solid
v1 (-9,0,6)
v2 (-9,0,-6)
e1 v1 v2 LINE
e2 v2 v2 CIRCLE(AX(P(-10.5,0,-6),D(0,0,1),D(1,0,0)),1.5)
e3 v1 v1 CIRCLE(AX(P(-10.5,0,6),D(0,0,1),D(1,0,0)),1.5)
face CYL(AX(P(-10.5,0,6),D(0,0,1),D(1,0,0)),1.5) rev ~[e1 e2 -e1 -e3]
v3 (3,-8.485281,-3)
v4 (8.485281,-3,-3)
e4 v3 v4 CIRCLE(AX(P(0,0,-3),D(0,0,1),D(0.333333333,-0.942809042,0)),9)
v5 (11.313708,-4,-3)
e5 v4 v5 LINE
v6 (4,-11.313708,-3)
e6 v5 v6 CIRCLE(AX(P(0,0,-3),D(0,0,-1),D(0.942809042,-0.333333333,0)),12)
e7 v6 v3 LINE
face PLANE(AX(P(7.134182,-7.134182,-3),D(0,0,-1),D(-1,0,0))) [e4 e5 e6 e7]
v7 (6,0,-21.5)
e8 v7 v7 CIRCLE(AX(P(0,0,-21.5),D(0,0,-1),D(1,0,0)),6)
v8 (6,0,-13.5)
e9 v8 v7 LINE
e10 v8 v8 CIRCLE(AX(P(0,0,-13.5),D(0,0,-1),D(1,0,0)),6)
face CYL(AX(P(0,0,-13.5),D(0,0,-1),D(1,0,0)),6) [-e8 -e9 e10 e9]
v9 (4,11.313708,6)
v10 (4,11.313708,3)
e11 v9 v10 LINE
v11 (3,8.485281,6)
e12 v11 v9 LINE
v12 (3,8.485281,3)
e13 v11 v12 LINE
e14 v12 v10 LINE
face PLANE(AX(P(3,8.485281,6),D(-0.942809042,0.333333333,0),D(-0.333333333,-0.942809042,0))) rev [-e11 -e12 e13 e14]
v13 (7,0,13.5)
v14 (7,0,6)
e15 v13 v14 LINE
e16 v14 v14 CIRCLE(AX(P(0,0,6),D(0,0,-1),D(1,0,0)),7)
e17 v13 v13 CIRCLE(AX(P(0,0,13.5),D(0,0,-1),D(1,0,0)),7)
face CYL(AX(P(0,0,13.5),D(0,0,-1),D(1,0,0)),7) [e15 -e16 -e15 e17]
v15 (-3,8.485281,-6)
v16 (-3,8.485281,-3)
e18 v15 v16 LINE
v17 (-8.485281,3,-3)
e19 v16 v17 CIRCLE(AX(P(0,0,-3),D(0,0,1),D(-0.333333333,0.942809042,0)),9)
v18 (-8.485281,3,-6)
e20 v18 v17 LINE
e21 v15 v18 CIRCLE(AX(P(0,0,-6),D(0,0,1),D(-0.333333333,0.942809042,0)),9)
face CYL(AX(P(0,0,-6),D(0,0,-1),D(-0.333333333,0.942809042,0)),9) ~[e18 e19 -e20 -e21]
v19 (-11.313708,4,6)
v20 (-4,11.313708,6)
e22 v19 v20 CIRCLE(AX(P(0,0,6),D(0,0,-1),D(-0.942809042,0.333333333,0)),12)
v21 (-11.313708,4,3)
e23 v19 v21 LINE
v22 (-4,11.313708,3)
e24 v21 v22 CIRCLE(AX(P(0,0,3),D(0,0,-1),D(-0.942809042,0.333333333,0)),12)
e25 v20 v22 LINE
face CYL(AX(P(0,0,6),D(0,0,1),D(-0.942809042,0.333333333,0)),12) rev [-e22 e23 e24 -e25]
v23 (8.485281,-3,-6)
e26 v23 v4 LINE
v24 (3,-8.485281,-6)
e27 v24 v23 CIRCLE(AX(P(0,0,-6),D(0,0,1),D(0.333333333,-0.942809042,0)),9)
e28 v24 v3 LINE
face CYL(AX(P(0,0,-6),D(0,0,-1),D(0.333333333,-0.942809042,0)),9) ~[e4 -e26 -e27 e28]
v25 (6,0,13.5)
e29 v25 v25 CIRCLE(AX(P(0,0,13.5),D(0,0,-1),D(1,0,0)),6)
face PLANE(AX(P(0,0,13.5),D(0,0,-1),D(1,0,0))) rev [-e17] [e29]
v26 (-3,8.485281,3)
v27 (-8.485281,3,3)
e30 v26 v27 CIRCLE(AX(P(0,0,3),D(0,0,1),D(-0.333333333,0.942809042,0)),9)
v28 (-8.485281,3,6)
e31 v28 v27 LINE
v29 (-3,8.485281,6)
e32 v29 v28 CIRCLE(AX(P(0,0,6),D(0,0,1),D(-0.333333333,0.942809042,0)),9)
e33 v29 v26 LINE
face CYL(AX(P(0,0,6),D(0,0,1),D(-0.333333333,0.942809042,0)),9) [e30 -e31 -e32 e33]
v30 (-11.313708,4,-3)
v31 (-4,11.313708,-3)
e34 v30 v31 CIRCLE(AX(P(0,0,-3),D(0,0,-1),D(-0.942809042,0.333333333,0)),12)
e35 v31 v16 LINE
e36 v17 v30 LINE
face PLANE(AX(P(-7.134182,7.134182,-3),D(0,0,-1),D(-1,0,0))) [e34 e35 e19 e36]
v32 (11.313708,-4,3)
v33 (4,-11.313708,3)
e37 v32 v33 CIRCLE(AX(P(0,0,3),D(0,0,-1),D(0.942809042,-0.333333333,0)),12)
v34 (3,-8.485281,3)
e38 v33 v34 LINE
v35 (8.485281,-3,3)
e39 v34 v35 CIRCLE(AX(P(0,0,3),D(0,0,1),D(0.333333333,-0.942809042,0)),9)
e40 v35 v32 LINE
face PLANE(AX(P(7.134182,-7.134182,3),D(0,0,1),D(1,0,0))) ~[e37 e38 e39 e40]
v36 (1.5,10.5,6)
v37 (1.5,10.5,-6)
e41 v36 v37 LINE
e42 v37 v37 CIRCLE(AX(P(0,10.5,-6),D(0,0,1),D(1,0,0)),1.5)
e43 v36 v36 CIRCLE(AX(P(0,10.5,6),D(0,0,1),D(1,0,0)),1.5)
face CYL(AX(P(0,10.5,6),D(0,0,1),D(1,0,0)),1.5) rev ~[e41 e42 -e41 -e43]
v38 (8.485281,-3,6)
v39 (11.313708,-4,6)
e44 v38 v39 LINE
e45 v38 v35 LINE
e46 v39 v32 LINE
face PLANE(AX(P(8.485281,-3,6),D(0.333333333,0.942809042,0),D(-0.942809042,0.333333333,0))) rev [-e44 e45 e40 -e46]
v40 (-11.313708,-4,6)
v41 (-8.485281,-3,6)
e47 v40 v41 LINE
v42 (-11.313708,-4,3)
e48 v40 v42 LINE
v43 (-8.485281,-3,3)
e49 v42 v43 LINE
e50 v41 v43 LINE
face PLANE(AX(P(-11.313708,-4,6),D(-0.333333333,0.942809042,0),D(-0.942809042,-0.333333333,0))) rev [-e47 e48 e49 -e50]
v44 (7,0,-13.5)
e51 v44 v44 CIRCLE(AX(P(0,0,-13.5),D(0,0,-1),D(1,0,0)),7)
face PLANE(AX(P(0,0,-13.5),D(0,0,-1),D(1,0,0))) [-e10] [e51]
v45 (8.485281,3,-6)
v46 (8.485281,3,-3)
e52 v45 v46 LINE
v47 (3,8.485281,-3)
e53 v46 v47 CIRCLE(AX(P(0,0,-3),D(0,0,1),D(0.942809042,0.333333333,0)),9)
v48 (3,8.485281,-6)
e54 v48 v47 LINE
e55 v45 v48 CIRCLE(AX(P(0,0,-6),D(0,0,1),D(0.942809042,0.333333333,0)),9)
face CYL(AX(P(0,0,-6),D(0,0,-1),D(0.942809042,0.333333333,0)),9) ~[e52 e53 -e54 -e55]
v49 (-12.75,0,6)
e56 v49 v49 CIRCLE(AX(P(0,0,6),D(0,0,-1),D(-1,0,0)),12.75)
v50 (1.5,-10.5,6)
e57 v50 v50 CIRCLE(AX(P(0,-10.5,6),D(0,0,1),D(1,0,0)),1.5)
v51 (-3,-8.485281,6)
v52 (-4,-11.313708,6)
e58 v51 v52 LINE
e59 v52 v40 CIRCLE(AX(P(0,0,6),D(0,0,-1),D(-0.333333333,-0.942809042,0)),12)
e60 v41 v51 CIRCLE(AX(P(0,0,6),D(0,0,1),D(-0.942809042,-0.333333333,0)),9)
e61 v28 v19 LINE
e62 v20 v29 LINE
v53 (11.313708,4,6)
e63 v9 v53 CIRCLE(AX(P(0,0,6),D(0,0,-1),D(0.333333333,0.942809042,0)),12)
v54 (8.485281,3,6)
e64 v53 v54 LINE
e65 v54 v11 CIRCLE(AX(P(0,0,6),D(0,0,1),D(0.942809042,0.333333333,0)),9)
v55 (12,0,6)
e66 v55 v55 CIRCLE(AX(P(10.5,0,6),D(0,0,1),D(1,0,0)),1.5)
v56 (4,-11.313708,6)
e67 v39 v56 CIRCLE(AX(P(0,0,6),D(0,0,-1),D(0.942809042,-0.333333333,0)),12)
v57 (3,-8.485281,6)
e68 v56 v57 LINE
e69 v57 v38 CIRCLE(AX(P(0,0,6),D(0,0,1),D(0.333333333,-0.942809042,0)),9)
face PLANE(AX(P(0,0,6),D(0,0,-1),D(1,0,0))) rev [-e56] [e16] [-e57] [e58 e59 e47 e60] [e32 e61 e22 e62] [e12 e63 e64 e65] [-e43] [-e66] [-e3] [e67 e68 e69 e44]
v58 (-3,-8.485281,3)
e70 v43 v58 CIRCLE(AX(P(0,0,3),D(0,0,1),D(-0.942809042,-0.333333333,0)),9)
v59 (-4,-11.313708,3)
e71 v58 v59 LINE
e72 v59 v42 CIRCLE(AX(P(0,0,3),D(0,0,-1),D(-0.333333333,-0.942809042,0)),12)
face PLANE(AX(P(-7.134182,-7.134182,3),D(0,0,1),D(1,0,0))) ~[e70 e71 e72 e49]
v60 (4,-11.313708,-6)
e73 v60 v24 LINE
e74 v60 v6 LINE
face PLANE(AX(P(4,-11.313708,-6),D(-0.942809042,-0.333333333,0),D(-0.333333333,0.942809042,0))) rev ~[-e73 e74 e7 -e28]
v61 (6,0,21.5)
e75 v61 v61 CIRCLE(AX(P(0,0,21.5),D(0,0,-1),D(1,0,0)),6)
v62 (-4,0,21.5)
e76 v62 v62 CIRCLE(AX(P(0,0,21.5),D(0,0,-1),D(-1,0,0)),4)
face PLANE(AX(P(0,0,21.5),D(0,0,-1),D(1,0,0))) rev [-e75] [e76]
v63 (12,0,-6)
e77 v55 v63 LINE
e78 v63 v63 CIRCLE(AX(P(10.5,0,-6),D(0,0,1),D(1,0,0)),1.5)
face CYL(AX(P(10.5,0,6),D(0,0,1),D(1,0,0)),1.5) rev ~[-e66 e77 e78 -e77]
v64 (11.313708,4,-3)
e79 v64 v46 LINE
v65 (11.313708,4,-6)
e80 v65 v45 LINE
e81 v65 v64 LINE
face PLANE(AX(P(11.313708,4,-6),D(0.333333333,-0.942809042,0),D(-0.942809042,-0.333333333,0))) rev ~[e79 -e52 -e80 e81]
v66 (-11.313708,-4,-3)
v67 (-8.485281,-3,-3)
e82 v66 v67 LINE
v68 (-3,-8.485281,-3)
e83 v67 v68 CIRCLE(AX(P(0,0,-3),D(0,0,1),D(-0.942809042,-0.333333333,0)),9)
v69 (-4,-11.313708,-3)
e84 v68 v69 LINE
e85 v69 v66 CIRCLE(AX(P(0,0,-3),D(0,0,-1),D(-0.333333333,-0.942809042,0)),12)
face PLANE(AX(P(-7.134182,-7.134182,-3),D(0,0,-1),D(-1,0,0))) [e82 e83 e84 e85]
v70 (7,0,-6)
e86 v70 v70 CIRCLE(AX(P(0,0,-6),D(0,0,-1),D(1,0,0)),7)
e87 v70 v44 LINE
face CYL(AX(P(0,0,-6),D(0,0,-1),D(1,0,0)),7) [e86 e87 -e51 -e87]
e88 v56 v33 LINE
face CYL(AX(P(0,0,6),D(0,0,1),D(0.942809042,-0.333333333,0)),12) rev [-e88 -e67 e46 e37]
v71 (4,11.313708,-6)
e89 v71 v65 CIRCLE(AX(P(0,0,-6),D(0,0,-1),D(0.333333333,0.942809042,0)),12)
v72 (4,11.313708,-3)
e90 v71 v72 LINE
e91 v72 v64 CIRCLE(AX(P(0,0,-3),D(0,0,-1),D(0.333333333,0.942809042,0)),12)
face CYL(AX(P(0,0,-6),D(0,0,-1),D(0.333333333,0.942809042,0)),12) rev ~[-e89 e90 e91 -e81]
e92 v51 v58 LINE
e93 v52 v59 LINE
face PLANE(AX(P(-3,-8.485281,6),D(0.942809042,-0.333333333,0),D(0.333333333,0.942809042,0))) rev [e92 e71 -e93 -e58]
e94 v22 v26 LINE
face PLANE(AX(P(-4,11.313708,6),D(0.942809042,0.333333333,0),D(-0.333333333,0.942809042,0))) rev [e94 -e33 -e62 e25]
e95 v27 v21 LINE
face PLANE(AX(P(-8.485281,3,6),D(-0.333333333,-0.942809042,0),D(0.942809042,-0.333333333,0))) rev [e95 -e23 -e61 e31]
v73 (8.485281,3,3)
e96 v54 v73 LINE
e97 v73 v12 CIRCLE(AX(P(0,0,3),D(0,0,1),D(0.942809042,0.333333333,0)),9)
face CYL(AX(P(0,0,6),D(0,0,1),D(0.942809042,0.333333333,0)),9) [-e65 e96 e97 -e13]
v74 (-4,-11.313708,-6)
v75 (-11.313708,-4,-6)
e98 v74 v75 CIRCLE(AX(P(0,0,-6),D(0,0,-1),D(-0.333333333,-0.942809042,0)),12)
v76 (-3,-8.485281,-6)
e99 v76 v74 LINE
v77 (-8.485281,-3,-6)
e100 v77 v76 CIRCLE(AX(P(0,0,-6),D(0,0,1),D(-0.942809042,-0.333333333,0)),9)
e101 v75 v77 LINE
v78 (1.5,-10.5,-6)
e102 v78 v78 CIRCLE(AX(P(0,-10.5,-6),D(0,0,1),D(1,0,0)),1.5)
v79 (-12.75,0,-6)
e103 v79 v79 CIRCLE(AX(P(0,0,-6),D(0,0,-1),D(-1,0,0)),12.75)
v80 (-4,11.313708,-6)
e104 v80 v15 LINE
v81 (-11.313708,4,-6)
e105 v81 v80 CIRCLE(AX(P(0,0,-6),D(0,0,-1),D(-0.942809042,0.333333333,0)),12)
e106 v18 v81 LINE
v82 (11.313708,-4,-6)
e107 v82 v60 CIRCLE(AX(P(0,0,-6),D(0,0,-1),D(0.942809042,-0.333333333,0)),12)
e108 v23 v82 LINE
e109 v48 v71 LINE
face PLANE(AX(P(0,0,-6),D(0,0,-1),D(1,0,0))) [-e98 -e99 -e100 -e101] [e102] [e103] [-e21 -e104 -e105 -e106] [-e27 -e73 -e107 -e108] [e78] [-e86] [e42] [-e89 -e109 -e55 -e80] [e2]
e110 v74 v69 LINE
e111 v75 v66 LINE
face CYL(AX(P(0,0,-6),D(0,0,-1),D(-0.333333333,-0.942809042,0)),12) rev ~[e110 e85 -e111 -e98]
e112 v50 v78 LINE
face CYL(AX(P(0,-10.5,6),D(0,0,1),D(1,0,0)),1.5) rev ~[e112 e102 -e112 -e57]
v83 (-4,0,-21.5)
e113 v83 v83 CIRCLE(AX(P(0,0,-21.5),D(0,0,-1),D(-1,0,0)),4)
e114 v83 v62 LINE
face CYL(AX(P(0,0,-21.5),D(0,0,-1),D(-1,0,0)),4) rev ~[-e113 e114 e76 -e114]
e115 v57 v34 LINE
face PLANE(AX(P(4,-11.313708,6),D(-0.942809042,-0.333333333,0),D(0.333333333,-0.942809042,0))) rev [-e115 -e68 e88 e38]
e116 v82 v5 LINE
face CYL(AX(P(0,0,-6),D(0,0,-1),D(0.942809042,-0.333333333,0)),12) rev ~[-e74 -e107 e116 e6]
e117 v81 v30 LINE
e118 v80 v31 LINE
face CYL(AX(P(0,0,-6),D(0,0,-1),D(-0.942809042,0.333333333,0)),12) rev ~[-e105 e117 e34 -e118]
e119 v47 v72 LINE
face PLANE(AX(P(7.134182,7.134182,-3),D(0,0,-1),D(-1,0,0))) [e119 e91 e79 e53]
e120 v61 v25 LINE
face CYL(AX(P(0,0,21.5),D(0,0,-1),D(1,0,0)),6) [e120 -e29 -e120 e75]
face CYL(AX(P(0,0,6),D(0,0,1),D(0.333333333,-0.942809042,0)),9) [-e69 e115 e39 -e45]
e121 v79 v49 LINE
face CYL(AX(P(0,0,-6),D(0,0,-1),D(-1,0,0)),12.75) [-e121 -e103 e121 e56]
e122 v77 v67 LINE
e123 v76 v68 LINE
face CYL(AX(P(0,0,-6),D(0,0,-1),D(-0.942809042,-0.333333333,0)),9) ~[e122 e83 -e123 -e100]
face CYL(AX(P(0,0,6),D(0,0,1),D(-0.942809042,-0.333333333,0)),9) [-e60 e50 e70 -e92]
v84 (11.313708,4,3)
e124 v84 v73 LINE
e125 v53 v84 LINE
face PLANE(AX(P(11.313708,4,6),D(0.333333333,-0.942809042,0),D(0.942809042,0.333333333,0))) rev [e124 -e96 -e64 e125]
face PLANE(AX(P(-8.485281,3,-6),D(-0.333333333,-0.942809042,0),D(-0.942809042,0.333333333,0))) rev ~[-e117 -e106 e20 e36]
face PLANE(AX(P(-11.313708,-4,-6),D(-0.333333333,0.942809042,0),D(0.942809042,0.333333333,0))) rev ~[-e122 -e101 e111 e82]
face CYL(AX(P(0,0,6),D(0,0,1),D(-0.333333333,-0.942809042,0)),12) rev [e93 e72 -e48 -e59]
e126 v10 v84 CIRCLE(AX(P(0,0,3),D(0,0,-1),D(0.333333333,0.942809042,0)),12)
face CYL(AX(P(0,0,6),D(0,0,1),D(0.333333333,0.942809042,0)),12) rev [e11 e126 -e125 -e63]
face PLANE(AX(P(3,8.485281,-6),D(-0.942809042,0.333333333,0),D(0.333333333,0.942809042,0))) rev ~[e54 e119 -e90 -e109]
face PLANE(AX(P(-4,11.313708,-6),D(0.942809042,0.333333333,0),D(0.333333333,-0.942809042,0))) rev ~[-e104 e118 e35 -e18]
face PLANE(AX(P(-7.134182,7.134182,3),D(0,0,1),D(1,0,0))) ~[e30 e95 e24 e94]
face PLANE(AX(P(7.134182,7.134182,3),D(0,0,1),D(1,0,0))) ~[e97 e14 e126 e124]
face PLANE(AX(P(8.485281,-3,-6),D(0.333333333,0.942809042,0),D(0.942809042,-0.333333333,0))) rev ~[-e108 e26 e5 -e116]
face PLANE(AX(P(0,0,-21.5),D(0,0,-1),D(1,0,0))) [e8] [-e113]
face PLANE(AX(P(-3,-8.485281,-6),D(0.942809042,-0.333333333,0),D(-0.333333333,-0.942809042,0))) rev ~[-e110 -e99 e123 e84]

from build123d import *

# Parameters (mm, degrees)
SKETCH_2_R          = 1.5
CUT_EXTRUDE_1_DEPTH = 34.88583775
SKETCH_4_R          = 14
SKETCH_4_R_2        = 12.75
CUT_EXTRUDE_4_DEPTH = 34.88583775
CUT_EXTRUDE_5_DEPTH = 3
SKETCH_6_R          = 4
CUT_EXTRUDE_6_DEPTH = 47.627513337


with BuildPart() as part:
    # 草图1 → 旋转1 (revolve)
    with BuildSketch(Plane(origin=(0, 0, 0), x_dir=(0, 0, -1), z_dir=(1, 0, 0)), mode=Mode.PRIVATE) as revolve_1_sk:
        Polygon((-21.5, 0), (-21.5, 6), (-13.5, 6), (-13.5, 7), (-6, 7), (-6, 14), (6, 14), (6, 7), (13.5, 7), (13.5, 6), (21.5, 6), (21.5, 0), align=None)
    revolve(revolve_1_sk.sketch.rotate(Axis((0, 0, 21.5), (0, 0, -1)), 90), axis=Axis((0, 0, 21.5), (0, 0, -1)))

    # 草图2 → 切除-拉伸1 (cut, through all)
    with BuildSketch(Plane.XY.offset(6)):
        with Locations((0, 10.5)):
            Circle(SKETCH_2_R)
        with Locations((10.5, 0)):
            Circle(SKETCH_2_R)
        with Locations((0, -10.5)):
            Circle(SKETCH_2_R)
        with Locations((-10.5, 0)):
            Circle(SKETCH_2_R)
    extrude(amount=-CUT_EXTRUDE_1_DEPTH, mode=Mode.SUBTRACT)

    # 草图4 → 切除-拉伸4 (cut, through all)
    with BuildSketch(Plane(origin=(0, 0, -6), x_dir=(-1, 0, 0), z_dir=(0, 0, -1))):
        Circle(SKETCH_4_R)
        Circle(SKETCH_4_R_2, mode=Mode.SUBTRACT)
    extrude(amount=-CUT_EXTRUDE_4_DEPTH, mode=Mode.SUBTRACT)

    # 草图5 → 切除-拉伸5 (cut)
    with BuildSketch(Plane(origin=(0, 0, -6), x_dir=(-1, 0, 0), z_dir=(0, 0, -1))):
        with BuildLine():
            Line((-11.313708499, 4), (-8.485281374, 3))
            ThreePointArc((-8.485281374, 3), (-6.363961031, 6.363961031), (-3, 8.485281374))
            Line((-3, 8.485281374), (-4, 11.313708499))
            ThreePointArc((-4, 11.313708499), (-8.485281374, 8.485281374), (-11.313708499, 4))
        make_face()
        with BuildLine():
            Line((4, 11.313708499), (3, 8.485281374))
            ThreePointArc((3, 8.485281374), (6.363961031, 6.363961031), (8.485281374, 3))
            Line((8.485281374, 3), (11.313708499, 4))
            ThreePointArc((11.313708499, 4), (8.485281374, 8.485281374), (4, 11.313708499))
        make_face()
        with BuildLine():
            Line((11.313708499, -4), (8.485281374, -3))
            ThreePointArc((8.485281374, -3), (6.363961031, -6.363961031), (3, -8.485281374))
            Line((3, -8.485281374), (4, -11.313708499))
            ThreePointArc((4, -11.313708499), (8.485281374, -8.485281374), (11.313708499, -4))
        make_face()
        with BuildLine():
            Line((-4, -11.313708499), (-3, -8.485281374))
            ThreePointArc((-3, -8.485281374), (-6.363961031, -6.363961031), (-8.485281374, -3))
            Line((-8.485281374, -3), (-11.313708499, -4))
            ThreePointArc((-11.313708499, -4), (-8.485281374, -8.485281374), (-4, -11.313708499))
        make_face()
    cut_extrude_5 = extrude(amount=-CUT_EXTRUDE_5_DEPTH, mode=Mode.SUBTRACT)

    # 镜向2: 切除-拉伸5 across plane
    add(cut_extrude_5.mirror(Plane.XY), mode=Mode.SUBTRACT)

    # 草图6 → 切除-拉伸6 (cut, through all)
    with BuildSketch(Plane(origin=(0, 0, -21.5), x_dir=(-1, 0, 0), z_dir=(0, 0, -1))):
        Circle(SKETCH_6_R)
    extrude(amount=-CUT_EXTRUDE_6_DEPTH, mode=Mode.SUBTRACT)


solid = part.part
